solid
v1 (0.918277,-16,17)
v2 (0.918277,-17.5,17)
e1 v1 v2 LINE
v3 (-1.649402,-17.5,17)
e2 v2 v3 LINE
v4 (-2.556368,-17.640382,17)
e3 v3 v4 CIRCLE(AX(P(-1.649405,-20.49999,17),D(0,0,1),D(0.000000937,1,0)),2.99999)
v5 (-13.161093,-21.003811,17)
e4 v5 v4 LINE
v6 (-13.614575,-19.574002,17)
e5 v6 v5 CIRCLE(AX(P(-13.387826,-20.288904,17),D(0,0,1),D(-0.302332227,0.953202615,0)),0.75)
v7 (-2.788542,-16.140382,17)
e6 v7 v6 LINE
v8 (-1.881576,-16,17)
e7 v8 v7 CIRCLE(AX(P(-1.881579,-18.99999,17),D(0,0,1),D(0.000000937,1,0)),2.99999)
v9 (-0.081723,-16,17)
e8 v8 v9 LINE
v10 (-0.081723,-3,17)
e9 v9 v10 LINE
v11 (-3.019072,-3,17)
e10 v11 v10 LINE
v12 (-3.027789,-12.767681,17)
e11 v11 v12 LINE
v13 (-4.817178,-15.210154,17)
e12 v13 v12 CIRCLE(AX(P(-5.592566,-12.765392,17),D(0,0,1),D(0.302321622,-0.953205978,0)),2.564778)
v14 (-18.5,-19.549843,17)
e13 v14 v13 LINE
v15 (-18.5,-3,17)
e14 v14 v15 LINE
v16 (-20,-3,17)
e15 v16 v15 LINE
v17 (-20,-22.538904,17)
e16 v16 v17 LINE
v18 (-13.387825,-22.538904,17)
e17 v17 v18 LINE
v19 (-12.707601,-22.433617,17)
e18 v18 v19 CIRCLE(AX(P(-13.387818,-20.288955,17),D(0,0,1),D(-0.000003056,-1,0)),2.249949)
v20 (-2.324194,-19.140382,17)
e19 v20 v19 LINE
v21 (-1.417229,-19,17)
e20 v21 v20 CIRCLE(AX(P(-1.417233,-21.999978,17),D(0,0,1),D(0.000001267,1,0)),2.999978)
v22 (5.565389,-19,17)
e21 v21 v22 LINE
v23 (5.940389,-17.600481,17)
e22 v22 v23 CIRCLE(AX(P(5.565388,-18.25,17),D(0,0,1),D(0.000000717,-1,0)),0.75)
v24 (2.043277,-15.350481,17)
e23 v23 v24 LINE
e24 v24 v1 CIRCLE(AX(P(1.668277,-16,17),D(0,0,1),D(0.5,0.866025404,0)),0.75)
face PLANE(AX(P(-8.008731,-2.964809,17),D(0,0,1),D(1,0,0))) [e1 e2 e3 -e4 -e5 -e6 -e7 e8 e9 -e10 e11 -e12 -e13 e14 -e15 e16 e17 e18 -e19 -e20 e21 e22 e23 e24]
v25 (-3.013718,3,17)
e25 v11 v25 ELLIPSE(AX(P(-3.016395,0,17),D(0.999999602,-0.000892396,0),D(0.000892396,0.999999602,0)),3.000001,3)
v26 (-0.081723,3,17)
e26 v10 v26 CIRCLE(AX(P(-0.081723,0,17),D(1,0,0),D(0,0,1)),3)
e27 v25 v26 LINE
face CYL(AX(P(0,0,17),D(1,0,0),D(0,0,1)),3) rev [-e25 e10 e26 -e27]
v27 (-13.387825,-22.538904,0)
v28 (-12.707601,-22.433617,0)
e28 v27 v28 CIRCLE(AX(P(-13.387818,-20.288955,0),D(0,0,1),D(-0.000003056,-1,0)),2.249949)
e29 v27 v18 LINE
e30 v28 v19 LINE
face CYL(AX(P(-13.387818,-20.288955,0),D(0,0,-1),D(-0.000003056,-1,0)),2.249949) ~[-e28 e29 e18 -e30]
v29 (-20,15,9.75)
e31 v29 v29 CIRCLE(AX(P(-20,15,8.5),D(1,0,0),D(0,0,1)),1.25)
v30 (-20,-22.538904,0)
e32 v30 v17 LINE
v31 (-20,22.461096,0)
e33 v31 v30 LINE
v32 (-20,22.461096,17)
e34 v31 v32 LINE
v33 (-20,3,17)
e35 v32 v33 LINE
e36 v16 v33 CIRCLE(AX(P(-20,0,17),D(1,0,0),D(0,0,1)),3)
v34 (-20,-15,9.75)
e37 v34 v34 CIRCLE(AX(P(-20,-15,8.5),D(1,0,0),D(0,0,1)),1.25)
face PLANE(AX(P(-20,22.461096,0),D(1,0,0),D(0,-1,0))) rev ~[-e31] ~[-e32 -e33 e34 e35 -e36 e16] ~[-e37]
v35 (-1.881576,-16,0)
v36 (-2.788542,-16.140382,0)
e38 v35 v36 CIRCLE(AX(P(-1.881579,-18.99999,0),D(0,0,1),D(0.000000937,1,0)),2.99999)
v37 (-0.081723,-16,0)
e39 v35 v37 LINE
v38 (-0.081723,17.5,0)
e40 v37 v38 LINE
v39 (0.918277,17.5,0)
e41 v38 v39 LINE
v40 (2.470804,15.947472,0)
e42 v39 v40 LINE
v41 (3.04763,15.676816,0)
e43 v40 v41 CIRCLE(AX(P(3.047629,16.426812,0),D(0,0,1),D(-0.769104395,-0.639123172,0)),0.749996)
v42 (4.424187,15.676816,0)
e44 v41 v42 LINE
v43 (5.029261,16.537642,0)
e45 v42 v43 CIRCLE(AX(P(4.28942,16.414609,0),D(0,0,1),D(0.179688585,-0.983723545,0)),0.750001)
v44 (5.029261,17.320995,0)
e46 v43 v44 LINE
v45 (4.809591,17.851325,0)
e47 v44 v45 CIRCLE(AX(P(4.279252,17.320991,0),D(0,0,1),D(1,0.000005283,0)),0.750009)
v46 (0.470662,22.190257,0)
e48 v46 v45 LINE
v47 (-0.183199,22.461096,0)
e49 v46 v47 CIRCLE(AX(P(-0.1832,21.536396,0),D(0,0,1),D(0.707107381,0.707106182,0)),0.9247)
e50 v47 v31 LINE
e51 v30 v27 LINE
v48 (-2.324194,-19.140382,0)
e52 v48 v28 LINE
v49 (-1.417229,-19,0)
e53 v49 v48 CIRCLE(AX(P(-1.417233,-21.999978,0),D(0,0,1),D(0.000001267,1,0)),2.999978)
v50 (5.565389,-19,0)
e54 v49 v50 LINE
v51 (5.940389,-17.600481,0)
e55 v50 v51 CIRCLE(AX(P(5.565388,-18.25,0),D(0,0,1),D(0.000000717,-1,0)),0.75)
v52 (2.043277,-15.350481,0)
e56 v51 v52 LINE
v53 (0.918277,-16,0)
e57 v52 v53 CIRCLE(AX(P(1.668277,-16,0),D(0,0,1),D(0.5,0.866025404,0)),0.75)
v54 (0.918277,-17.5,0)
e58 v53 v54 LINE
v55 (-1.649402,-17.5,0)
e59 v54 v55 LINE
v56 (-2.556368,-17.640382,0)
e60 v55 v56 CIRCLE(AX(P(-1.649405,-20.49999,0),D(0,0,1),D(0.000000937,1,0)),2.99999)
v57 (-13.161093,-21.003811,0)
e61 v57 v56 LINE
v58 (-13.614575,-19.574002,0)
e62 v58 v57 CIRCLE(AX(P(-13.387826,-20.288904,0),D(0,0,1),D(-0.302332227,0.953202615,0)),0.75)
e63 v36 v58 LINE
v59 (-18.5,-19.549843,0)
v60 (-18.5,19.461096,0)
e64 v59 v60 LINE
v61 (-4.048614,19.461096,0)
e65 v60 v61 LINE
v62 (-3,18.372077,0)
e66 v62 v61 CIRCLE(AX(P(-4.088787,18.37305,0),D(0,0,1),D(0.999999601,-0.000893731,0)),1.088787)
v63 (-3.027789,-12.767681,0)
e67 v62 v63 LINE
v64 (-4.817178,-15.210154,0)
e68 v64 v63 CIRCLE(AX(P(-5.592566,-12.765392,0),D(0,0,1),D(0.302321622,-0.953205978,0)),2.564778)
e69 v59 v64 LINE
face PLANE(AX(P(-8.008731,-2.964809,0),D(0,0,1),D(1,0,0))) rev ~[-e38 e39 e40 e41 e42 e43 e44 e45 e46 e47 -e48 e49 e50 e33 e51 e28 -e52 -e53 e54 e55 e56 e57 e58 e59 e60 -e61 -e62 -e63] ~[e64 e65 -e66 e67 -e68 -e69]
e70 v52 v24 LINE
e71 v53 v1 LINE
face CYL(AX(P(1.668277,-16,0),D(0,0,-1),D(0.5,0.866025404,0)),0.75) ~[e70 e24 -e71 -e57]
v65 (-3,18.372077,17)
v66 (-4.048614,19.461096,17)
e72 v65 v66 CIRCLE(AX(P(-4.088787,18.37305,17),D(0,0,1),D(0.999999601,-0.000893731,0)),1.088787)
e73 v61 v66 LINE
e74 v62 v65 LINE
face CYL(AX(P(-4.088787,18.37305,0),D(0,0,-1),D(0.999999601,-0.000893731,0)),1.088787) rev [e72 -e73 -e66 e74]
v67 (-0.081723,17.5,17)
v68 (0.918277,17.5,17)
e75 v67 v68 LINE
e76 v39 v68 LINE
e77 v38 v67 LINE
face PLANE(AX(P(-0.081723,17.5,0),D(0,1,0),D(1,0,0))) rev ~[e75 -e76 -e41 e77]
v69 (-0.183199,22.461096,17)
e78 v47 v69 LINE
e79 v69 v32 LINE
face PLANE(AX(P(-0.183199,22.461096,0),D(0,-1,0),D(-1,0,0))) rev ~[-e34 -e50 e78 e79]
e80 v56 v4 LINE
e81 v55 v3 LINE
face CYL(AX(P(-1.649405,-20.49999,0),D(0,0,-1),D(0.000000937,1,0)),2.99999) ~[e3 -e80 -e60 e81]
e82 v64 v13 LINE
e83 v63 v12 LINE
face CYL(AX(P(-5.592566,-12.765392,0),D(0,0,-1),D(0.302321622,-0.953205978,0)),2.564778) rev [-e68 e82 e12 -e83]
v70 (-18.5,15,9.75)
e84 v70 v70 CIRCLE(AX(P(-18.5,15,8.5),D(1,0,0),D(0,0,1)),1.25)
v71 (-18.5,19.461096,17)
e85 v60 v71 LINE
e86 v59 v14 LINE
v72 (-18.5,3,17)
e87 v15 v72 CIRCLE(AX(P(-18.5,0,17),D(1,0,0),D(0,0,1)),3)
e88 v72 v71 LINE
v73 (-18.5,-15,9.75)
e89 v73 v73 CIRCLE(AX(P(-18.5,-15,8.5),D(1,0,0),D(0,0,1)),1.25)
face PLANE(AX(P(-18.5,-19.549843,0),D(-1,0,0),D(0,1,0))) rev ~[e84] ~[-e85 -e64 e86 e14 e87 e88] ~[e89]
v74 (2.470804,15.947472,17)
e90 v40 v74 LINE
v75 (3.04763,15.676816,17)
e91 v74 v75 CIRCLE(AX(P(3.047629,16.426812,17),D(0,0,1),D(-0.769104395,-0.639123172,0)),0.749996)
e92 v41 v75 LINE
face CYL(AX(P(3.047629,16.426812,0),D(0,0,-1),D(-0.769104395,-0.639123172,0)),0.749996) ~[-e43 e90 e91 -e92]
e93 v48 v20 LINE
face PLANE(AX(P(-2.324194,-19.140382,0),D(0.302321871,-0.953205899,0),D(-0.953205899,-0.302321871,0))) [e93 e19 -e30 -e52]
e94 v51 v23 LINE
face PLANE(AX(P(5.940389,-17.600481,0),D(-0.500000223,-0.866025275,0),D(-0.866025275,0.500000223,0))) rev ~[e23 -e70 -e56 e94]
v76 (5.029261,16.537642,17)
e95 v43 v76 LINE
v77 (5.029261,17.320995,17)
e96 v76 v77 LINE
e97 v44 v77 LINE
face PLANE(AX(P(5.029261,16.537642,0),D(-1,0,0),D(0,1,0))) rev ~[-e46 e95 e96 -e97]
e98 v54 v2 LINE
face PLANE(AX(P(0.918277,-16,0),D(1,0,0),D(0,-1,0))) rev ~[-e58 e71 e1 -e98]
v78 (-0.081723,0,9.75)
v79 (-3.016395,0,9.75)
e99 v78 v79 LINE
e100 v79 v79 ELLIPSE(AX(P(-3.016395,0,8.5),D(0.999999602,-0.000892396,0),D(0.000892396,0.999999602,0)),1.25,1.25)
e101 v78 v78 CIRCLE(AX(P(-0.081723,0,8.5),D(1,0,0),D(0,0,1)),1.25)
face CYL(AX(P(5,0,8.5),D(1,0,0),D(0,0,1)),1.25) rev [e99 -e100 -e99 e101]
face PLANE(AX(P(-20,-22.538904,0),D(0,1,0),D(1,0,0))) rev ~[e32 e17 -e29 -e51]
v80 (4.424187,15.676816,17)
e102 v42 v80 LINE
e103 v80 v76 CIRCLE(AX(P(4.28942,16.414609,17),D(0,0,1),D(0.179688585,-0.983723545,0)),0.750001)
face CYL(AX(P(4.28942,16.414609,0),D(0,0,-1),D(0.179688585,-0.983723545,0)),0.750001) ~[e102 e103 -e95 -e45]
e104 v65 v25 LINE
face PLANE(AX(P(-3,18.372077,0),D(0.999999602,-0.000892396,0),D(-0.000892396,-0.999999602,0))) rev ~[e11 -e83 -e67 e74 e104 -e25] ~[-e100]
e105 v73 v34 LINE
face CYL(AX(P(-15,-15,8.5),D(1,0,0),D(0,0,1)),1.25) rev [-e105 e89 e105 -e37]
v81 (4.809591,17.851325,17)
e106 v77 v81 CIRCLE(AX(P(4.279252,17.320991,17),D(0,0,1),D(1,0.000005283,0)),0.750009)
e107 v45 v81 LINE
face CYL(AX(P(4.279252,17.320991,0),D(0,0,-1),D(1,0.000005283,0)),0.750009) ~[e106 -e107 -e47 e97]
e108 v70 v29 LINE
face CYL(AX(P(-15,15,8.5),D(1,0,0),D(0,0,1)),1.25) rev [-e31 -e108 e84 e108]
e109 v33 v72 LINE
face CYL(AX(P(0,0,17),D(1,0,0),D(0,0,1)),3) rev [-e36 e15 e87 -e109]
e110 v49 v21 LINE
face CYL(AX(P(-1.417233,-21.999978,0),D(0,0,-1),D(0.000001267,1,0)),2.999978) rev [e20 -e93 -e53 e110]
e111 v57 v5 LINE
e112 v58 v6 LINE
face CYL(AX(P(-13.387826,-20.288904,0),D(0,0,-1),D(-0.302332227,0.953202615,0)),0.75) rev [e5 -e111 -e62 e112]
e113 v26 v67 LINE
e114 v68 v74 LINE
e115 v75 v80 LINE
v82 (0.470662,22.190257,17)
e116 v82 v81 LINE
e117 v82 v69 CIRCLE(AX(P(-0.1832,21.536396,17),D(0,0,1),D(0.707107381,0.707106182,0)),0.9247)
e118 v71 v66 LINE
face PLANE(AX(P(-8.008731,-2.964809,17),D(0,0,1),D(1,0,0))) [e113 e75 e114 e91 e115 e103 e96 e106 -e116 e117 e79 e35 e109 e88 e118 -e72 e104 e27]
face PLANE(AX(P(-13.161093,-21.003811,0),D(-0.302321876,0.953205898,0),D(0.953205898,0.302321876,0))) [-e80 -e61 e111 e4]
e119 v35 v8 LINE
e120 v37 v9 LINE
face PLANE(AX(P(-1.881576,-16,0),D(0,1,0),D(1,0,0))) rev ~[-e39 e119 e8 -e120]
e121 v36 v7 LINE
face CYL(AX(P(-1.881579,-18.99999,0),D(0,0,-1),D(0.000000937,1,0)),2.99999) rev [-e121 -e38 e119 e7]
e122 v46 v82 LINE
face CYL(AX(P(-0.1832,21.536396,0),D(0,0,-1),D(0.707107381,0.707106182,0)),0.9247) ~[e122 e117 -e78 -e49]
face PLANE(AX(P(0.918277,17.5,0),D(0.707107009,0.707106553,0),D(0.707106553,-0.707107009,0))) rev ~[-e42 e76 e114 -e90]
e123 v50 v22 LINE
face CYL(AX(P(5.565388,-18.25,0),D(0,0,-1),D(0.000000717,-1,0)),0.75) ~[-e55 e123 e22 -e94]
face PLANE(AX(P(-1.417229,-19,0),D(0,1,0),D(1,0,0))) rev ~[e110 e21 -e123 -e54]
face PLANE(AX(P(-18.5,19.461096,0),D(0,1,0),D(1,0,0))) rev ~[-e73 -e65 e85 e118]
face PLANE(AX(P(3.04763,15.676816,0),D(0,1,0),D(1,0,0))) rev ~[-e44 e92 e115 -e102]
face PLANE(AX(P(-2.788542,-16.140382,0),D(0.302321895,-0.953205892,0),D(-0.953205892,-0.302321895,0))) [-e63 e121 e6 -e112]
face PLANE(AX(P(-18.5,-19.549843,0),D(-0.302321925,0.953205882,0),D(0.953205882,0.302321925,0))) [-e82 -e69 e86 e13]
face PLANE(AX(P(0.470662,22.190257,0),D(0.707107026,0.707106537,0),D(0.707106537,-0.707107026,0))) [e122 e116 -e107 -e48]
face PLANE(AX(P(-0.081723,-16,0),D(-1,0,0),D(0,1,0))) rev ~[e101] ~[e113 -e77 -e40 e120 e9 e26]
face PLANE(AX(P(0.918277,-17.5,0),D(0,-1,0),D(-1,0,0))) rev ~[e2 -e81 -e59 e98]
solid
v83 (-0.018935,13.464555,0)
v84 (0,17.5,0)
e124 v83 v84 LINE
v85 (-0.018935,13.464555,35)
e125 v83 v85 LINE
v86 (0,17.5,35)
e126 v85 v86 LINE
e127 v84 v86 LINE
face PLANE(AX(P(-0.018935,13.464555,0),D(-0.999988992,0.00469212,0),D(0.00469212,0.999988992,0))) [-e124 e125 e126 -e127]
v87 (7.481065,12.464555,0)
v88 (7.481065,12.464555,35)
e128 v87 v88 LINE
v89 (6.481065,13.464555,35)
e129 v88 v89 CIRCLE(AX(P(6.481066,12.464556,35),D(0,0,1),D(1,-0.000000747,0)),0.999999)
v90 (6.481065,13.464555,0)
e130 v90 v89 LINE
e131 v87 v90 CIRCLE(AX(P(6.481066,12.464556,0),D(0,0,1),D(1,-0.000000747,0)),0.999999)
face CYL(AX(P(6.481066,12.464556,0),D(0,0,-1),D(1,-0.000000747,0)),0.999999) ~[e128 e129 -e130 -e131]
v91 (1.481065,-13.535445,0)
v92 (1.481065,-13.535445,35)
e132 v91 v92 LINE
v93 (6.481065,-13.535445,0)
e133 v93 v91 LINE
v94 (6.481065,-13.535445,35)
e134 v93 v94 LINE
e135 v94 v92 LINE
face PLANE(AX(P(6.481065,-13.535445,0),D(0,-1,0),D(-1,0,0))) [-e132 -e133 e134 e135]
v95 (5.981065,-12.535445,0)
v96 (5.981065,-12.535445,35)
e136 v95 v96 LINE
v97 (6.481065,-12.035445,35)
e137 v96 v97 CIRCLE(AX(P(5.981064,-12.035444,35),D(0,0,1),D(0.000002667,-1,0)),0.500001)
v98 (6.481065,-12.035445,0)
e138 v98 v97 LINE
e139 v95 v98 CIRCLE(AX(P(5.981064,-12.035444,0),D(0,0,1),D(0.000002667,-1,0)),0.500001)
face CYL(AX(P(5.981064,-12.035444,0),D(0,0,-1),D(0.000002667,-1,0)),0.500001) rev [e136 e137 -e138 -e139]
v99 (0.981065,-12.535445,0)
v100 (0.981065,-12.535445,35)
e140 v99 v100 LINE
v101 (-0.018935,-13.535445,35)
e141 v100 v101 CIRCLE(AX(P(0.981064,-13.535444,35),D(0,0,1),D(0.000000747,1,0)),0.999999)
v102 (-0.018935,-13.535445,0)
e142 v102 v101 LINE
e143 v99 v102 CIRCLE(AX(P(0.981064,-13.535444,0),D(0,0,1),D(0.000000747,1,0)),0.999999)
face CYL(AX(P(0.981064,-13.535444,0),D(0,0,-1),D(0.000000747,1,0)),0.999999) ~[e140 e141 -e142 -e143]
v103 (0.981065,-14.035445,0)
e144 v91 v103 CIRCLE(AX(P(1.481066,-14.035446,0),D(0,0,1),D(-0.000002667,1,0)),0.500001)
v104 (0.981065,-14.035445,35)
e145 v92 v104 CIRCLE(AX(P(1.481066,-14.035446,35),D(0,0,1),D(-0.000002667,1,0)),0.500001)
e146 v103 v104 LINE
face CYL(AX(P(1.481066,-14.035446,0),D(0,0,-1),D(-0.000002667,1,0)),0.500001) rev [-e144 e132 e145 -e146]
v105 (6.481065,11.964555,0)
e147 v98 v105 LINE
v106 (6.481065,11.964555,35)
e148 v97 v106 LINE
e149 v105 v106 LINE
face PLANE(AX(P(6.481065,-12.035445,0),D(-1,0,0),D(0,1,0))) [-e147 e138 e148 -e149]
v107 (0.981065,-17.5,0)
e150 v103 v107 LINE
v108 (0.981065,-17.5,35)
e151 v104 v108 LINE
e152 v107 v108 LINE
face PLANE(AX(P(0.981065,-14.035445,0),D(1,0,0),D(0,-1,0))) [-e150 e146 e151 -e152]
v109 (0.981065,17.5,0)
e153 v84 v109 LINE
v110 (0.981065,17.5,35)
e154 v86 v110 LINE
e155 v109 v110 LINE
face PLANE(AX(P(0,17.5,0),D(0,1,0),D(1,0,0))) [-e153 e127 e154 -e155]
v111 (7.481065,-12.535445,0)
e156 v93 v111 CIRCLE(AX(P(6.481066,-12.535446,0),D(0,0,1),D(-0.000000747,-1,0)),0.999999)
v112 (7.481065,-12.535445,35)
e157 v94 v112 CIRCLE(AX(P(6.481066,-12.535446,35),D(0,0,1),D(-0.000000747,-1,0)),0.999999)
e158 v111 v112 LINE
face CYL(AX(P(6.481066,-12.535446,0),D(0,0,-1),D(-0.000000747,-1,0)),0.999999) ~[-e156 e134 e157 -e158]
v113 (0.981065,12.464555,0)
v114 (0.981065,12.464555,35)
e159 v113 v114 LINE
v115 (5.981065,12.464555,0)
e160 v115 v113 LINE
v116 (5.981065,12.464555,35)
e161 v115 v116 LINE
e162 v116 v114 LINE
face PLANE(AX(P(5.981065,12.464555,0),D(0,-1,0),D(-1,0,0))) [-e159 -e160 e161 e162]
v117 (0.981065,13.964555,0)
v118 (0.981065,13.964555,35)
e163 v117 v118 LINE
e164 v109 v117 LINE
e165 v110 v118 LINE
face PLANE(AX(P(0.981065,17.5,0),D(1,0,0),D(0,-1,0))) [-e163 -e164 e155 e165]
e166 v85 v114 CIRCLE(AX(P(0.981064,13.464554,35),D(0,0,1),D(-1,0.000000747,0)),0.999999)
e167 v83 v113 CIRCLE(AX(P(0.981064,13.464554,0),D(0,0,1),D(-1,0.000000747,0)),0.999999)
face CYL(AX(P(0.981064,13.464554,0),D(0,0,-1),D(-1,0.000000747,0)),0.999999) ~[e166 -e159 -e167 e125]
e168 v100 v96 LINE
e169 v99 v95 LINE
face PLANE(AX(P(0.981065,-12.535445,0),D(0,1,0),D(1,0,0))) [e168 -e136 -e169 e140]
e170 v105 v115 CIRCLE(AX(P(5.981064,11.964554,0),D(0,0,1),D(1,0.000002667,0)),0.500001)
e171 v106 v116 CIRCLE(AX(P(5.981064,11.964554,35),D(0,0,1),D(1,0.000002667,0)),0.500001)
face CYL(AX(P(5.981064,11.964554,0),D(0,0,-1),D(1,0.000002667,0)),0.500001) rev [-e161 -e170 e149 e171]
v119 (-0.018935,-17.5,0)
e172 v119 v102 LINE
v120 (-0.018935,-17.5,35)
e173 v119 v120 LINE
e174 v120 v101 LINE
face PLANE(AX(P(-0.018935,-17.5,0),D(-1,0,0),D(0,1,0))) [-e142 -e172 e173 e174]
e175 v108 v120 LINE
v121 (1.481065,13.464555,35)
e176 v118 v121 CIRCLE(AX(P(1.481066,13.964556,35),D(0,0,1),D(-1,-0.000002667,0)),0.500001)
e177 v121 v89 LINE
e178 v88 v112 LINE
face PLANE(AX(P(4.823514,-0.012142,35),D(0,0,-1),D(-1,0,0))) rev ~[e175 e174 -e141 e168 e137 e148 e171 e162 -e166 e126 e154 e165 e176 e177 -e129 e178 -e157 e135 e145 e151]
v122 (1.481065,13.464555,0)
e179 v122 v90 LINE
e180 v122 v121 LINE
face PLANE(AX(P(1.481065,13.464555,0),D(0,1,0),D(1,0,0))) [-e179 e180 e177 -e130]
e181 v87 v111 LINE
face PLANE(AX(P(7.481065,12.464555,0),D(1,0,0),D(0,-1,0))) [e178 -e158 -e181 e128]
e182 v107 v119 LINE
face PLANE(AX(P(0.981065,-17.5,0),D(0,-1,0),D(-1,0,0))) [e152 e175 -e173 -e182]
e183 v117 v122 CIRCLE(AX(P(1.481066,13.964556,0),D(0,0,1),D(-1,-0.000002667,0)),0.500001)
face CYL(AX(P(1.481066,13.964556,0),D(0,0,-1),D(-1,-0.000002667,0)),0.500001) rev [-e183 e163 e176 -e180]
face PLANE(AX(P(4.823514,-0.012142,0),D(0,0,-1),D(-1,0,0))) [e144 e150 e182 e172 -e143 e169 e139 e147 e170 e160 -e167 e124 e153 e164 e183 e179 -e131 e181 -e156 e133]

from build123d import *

# Parameters (mm, degrees)
PAD001_DEPTH            = 35
CYLINDER_R              = 1.25
CYLINDER_DEPTH          = 10
CYLINDER_PITCH_ANGLE    = -90
CYLINDER002_R           = 1.25
CYLINDER002_DEPTH       = 10
CYLINDER002_PITCH_ANGLE = -90
CYLINDER001_R           = 1.25
CYLINDER001_DEPTH       = 10
CYLINDER001_PITCH_ANGLE = -90
CYLINDER003_R           = 3
CYLINDER003_DEPTH       = 25
CYLINDER003_PITCH_ANGLE = -90
PAD_DEPTH               = 17


with BuildPart() as din_rail:
    # Sketch001 → Pad001 (new body)
    with BuildSketch(Plane(origin=(0, 17.5, 0), x_dir=(1, 0, 0), z_dir=(0, 0, 1))):
        with BuildLine():
            Line((0, 0), (0.981065, 0))
            Line((0.981065, 0), (0.981065, -3.535445))
            ThreePointArc((0.981065, -3.535445), (1.127512, -3.888998), (1.481065, -4.035445))
            Line((1.481065, -4.035445), (6.481065, -4.035445))
            ThreePointArc((7.481065, -5.035445), (7.188172, -4.328338), (6.481065, -4.035445))
            Line((7.481065, -5.035445), (7.481065, -30.035445))
            ThreePointArc((6.481065, -31.035445), (7.188172, -30.742552), (7.481065, -30.035445))
            Line((6.481065, -31.035445), (1.481065, -31.035445))
            ThreePointArc((1.481065, -31.035445), (1.127512, -31.181892), (0.981065, -31.535445))
            Line((0.981065, -31.535445), (0.981065, -35))
            Line((0.981065, -35), (-0.018935, -35))
            Line((-0.018935, -35), (-0.018935, -31.035445))
            ThreePointArc((0.981065, -30.035445), (0.273958, -30.328338), (-0.018935, -31.035445))
            Line((0.981065, -30.035445), (5.981065, -30.035445))
            ThreePointArc((5.981065, -30.035445), (6.334618, -29.888998), (6.481065, -29.535445))
            Line((6.481065, -29.535445), (6.481065, -5.535445))
            ThreePointArc((6.481065, -5.535445), (6.334618, -5.181892), (5.981065, -5.035445))
            Line((5.981065, -5.035445), (0.981065, -5.035445))
            ThreePointArc((-0.018935, -4.035445), (0.273958, -4.742552), (0.981065, -5.035445))
            Line((-0.018935, -4.035445), (0, 0))
        make_face()
    extrude(amount=PAD001_DEPTH)


with BuildPart() as bracket_hole:
    # Cylinder → Cylinder (new body)
    with BuildSketch(Plane.XY):
        Circle(CYLINDER_R)
    extrude(amount=CYLINDER_DEPTH)


with BuildPart() as bracket_hole_1:
    # Cylinder pitch: moved
    add(bracket_hole.part.rotate(Axis((0, 0, 0), (0, 1, 0)), CYLINDER_PITCH_ANGLE))


with BuildPart() as bracket_hole_2:
    # Cylinder placement: moved
    add(bracket_hole_1.part.moved(Location((5, 0, 8.5))))


with BuildPart() as bracket_hole002:
    # Cylinder002 → Cylinder002 (new body)
    with BuildSketch(Plane.XY):
        Circle(CYLINDER002_R)
    extrude(amount=CYLINDER002_DEPTH)


with BuildPart() as bracket_hole002_1:
    # Cylinder002 pitch: moved
    add(bracket_hole002.part.rotate(Axis((0, 0, 0), (0, 1, 0)), CYLINDER002_PITCH_ANGLE))


with BuildPart() as bracket_hole002_2:
    # Cylinder002 placement: moved
    add(bracket_hole002_1.part.moved(Location((-15, -15, 8.5))))


with BuildPart() as bracket_hole001:
    # Cylinder001 → Cylinder001 (new body)
    with BuildSketch(Plane.XY):
        Circle(CYLINDER001_R)
    extrude(amount=CYLINDER001_DEPTH)


with BuildPart() as bracket_hole001_1:
    # Cylinder001 pitch: moved
    add(bracket_hole001.part.rotate(Axis((0, 0, 0), (0, 1, 0)), CYLINDER001_PITCH_ANGLE))


with BuildPart() as bracket_hole001_2:
    # Cylinder001 placement: moved
    add(bracket_hole001_1.part.moved(Location((-15, 15, 8.5))))


with BuildPart() as cuts:
    # Cylinder003 → Cylinder003 (new body)
    with BuildSketch(Plane.XY):
        Circle(CYLINDER003_R)
    extrude(amount=CYLINDER003_DEPTH)


with BuildPart() as cuts_1:
    # Cylinder003 pitch: moved
    add(cuts.part.rotate(Axis((0, 0, 0), (0, 1, 0)), CYLINDER003_PITCH_ANGLE))


with BuildPart() as cuts_2:
    # Cylinder003 placement: moved
    add(cuts_1.part.moved(Location((0, 0, 17))))

    # Fusion: union bracket hole, bracket hole002, bracket hole001
    add(bracket_hole_2.part)
    add(bracket_hole002_2.part)
    add(bracket_hole001_2.part)


with BuildPart() as bracket:
    # Sketch → Pad (new body)
    with BuildSketch(Plane(origin=(-3, 0, 0), x_dir=(1, 0, 0), z_dir=(0, 0, 1))):
        with BuildLine():
            Line((2.816801, 22.461096), (-17, 22.461096))
            Line((-17, 22.461096), (-17, -22.538904))
            Line((-17, -22.538904), (-10.387825, -22.538904))
            ThreePointArc((-10.387825, -22.538904), (-10.043663, -22.512427), (-9.707601, -22.433617))
            Line((0.675806, -19.140382), (-9.707601, -22.433617))
            ThreePointArc((1.582771, -19), (1.123888, -19.035303), (0.675806, -19.140382))
            Line((1.582771, -19), (8.565389, -19))
            ThreePointArc((8.565389, -19), (9.289833, -18.444114), (8.940389, -17.600481))
            Line((8.940389, -17.600481), (5.043277, -15.350481))
            ThreePointArc((5.043277, -15.350481), (4.293277, -15.350481), (3.918277, -16))
            Line((3.918277, -16), (3.918277, -17.5))
            Line((3.918277, -17.5), (1.350598, -17.5))
            ThreePointArc((1.350598, -17.5), (0.891715, -17.535303), (0.443632, -17.640382))
            Line((-10.161093, -21.003811), (0.443632, -17.640382))
            ThreePointArc((-10.614575, -19.574002), (-11.10273, -20.515646), (-10.161093, -21.003811))
            Line((0.211458, -16.140382), (-10.614575, -19.574002))
            ThreePointArc((1.118424, -16), (0.659541, -16.035303), (0.211458, -16.140382))
            Line((1.118424, -16), (2.918277, -16))
            Line((2.918277, -16), (2.918277, 17.5))
            Line((2.918277, 17.5), (3.918277, 17.5))
            Line((3.918277, 17.5), (5.470804, 15.947472))
            ThreePointArc((5.470804, 15.947472), (5.729046, 15.747843), (6.04763, 15.676816))
            Line((6.04763, 15.676816), (7.424187, 15.676816))
            ThreePointArc((7.424187, 15.676816), (7.903008, 15.983319), (8.029261, 16.537642))
            Line((8.029261, 16.537642), (8.029261, 17.320995))
            ThreePointArc((8.029261, 17.320995), (7.97217, 17.608007), (7.809591, 17.851325))
            Line((3.470662, 22.190257), (7.809591, 17.851325))
            ThreePointArc((3.470662, 22.190257), (3.170668, 22.390707), (2.816801, 22.461096))
        make_face()
        with BuildLine():
            Line((-15.5, 19.461096), (-1.048614, 19.461096))
            ThreePointArc((0, 18.372077), (-0.304486, 19.128252), (-1.048614, 19.461096))
            Line((0, 18.372077), (-0.027789, -12.767681))
            ThreePointArc((-1.817178, -15.210154), (-0.523606, -14.28114), (-0.027789, -12.767681))
            Line((-15.5, -19.549843), (-1.817178, -15.210154))
            Line((-15.5, -19.549843), (-15.5, 19.461096))
        make_face(mode=Mode.SUBTRACT)
    extrude(amount=PAD_DEPTH)

    # Cut: cut cuts
    add(cuts_2.part, mode=Mode.SUBTRACT)


solid = Compound([din_rail.part, bracket.part])
